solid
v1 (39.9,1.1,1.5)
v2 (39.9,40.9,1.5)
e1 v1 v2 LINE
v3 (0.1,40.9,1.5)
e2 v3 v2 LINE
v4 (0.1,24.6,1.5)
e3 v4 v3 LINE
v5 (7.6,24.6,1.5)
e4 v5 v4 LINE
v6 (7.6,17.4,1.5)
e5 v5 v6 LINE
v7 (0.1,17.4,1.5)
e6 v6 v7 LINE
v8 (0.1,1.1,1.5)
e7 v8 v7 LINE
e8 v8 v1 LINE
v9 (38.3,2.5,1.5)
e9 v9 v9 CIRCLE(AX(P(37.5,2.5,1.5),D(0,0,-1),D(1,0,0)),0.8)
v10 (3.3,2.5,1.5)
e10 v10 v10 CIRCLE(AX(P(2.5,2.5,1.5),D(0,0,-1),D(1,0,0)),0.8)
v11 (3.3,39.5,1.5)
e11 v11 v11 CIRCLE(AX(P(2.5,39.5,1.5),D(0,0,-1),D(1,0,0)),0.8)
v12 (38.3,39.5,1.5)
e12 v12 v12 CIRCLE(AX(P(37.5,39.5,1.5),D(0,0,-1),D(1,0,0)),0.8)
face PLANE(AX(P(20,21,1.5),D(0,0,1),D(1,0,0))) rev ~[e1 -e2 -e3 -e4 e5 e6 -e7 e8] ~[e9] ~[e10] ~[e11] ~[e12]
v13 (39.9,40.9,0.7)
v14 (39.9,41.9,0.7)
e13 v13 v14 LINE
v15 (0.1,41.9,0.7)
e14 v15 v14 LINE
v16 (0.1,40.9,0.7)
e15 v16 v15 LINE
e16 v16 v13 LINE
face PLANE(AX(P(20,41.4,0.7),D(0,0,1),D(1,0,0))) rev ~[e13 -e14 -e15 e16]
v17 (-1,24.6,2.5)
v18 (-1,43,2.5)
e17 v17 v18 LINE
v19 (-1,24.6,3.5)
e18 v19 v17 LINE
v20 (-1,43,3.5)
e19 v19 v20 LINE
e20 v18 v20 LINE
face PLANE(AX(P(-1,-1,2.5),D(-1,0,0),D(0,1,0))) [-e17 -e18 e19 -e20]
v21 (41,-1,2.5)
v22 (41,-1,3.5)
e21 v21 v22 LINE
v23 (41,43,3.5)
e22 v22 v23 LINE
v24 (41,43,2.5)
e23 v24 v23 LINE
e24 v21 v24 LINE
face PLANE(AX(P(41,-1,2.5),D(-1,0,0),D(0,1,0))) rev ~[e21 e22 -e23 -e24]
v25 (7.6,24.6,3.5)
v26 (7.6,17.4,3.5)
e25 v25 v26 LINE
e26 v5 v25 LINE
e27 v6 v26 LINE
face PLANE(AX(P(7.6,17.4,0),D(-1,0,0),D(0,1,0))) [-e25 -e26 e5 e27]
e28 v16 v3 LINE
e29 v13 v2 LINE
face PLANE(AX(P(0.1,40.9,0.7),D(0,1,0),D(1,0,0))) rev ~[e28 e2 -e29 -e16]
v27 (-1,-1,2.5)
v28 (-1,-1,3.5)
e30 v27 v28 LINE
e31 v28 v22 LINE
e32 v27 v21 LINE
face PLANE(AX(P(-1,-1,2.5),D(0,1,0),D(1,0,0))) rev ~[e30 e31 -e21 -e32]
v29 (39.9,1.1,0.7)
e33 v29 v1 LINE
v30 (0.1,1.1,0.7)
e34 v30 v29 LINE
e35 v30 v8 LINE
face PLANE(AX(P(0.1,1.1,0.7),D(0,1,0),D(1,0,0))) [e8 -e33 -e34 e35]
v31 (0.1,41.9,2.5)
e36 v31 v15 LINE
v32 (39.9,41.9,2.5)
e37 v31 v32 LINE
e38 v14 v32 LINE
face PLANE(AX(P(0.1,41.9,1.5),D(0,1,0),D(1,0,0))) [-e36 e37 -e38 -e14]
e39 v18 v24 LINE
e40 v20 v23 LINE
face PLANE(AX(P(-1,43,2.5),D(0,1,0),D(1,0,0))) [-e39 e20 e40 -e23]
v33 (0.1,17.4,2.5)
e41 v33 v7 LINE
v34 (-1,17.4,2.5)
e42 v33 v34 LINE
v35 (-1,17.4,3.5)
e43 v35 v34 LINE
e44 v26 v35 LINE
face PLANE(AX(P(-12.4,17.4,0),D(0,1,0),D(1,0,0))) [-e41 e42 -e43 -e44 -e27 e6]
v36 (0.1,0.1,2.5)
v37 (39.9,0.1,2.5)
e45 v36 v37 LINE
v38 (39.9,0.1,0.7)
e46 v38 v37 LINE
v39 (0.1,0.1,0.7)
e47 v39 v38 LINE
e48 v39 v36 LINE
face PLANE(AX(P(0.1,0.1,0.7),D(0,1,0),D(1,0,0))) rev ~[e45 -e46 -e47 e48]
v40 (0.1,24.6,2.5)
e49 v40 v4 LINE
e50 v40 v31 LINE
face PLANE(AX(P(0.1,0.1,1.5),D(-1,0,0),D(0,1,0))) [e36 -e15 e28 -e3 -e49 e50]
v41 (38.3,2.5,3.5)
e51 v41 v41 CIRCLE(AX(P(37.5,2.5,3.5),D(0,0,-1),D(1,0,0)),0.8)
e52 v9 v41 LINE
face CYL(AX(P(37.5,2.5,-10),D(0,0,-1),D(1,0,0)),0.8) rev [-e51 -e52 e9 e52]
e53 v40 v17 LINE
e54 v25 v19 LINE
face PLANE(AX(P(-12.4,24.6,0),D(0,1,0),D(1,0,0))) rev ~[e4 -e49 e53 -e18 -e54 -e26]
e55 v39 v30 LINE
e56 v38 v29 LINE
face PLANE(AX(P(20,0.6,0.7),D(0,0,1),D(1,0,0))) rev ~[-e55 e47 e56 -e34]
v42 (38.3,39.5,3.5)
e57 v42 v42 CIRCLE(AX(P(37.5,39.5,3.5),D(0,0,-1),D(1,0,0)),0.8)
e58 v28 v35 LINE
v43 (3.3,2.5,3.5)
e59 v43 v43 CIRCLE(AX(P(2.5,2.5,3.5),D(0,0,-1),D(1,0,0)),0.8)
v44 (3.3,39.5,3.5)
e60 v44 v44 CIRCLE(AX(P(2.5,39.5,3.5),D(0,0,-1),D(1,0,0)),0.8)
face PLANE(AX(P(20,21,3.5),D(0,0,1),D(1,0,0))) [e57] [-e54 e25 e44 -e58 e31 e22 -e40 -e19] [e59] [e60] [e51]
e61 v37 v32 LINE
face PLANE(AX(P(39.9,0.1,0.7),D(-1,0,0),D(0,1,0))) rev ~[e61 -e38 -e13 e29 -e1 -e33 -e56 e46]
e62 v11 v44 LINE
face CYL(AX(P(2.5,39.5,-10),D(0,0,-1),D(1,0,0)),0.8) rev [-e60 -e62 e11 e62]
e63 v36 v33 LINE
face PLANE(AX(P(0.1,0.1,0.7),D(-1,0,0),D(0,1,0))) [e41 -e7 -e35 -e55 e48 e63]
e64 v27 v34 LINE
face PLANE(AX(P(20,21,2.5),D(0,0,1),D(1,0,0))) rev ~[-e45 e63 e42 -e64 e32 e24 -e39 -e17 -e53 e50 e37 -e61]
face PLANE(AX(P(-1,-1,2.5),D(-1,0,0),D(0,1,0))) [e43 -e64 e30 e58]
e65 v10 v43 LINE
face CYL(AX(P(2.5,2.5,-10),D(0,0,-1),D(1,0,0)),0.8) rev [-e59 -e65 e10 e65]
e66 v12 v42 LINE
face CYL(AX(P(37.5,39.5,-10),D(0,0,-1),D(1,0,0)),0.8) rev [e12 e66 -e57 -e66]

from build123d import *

# Parameters (mm, degrees)
CYLINDER016_R     = 0.8
CYLINDER016_DEPTH = 20
CYLINDER017_R     = 0.8
CYLINDER017_DEPTH = 20
CYLINDER018_R     = 0.8
CYLINDER018_DEPTH = 20
CYLINDER019_R     = 0.8
CYLINDER019_DEPTH = 20
BOX010_W          = 39.8
BOX010_H          = 1
BOX010_DEPTH      = 0.8
BOX009_W          = 39.8
BOX009_H          = 1
BOX009_DEPTH      = 0.8
BOX007_W          = 20
BOX007_H          = 7.2
BOX007_DEPTH      = 10
BOX006_W          = 42
BOX006_H          = 44
BOX006_DEPTH      = 1
BOX005_W          = 39.8
BOX005_H          = 41.8
BOX005_DEPTH      = 1


with BuildPart() as zylinder016:
    # Cylinder016 → Cylinder016 (new body)
    with BuildSketch(Plane(origin=(37.5, 2.5, -10), x_dir=(1, 0, 0), z_dir=(0, 0, 1))):
        Circle(CYLINDER016_R)
    extrude(amount=CYLINDER016_DEPTH)


with BuildPart() as zylinder017:
    # Cylinder017 → Cylinder017 (new body)
    with BuildSketch(Plane(origin=(2.5, 2.5, -10), x_dir=(1, 0, 0), z_dir=(0, 0, 1))):
        Circle(CYLINDER017_R)
    extrude(amount=CYLINDER017_DEPTH)


with BuildPart() as zylinder018:
    # Cylinder018 → Cylinder018 (new body)
    with BuildSketch(Plane(origin=(37.5, 39.5, -10), x_dir=(1, 0, 0), z_dir=(0, 0, 1))):
        Circle(CYLINDER018_R)
    extrude(amount=CYLINDER018_DEPTH)


with BuildPart() as compound006:
    # Cylinder019 → Cylinder019 (new body)
    with BuildSketch(Plane(origin=(2.5, 39.5, -10), x_dir=(1, 0, 0), z_dir=(0, 0, 1))):
        Circle(CYLINDER019_R)
    extrude(amount=CYLINDER019_DEPTH)

    # Compound006: union Zylinder016, Zylinder017, Zylinder018
    add(zylinder016.part)
    add(zylinder017.part)
    add(zylinder018.part)


with BuildPart() as w_rfel010:
    # Box010 → Box010 (new body)
    with BuildSketch(Plane(origin=(0.1, 0.1, 0.7), x_dir=(1, 0, 0), z_dir=(0, 0, 1))):
        with Locations((19.9, 0.5)):
            Rectangle(BOX010_W, BOX010_H)
    extrude(amount=BOX010_DEPTH)


with BuildPart() as compound003:
    # Box009 → Box009 (new body)
    with BuildSketch(Plane(origin=(0.1, 40.9, 0.7), x_dir=(1, 0, 0), z_dir=(0, 0, 1))):
        with Locations((19.9, 0.5)):
            Rectangle(BOX009_W, BOX009_H)
    extrude(amount=BOX009_DEPTH)

    # Compound003: union Würfel010
    add(w_rfel010.part)


with BuildPart() as w_rfel007:
    # Box007 → Box007 (new body)
    with BuildSketch(Plane(origin=(-12.4, 17.4, 0), x_dir=(1, 0, 0), z_dir=(0, 0, 1))):
        with Locations((10, 3.6)):
            Rectangle(BOX007_W, BOX007_H)
    extrude(amount=BOX007_DEPTH)


with BuildPart() as w_rfel006:
    # Box006 → Box006 (new body)
    with BuildSketch(Plane(origin=(-1, -1, 2.5), x_dir=(1, 0, 0), z_dir=(0, 0, 1))):
        with Locations((21, 22)):
            Rectangle(BOX006_W, BOX006_H)
    extrude(amount=BOX006_DEPTH)


with BuildPart() as lowerpart:
    # Box005 → Box005 (new body)
    with BuildSketch(Plane(origin=(0.1, 0.1, 1.5), x_dir=(1, 0, 0), z_dir=(0, 0, 1))):
        with Locations((19.9, 20.9)):
            Rectangle(BOX005_W, BOX005_H)
    extrude(amount=BOX005_DEPTH)

    # Fusion001: union Würfel006
    add(w_rfel006.part)

    # Cut003: cut Würfel007
    add(w_rfel007.part, mode=Mode.SUBTRACT)

    # Fusion003: union Compound003
    add(compound003.part)

    # Cut008: cut Compound006
    add(compound006.part, mode=Mode.SUBTRACT)


solid = lowerpart.part
